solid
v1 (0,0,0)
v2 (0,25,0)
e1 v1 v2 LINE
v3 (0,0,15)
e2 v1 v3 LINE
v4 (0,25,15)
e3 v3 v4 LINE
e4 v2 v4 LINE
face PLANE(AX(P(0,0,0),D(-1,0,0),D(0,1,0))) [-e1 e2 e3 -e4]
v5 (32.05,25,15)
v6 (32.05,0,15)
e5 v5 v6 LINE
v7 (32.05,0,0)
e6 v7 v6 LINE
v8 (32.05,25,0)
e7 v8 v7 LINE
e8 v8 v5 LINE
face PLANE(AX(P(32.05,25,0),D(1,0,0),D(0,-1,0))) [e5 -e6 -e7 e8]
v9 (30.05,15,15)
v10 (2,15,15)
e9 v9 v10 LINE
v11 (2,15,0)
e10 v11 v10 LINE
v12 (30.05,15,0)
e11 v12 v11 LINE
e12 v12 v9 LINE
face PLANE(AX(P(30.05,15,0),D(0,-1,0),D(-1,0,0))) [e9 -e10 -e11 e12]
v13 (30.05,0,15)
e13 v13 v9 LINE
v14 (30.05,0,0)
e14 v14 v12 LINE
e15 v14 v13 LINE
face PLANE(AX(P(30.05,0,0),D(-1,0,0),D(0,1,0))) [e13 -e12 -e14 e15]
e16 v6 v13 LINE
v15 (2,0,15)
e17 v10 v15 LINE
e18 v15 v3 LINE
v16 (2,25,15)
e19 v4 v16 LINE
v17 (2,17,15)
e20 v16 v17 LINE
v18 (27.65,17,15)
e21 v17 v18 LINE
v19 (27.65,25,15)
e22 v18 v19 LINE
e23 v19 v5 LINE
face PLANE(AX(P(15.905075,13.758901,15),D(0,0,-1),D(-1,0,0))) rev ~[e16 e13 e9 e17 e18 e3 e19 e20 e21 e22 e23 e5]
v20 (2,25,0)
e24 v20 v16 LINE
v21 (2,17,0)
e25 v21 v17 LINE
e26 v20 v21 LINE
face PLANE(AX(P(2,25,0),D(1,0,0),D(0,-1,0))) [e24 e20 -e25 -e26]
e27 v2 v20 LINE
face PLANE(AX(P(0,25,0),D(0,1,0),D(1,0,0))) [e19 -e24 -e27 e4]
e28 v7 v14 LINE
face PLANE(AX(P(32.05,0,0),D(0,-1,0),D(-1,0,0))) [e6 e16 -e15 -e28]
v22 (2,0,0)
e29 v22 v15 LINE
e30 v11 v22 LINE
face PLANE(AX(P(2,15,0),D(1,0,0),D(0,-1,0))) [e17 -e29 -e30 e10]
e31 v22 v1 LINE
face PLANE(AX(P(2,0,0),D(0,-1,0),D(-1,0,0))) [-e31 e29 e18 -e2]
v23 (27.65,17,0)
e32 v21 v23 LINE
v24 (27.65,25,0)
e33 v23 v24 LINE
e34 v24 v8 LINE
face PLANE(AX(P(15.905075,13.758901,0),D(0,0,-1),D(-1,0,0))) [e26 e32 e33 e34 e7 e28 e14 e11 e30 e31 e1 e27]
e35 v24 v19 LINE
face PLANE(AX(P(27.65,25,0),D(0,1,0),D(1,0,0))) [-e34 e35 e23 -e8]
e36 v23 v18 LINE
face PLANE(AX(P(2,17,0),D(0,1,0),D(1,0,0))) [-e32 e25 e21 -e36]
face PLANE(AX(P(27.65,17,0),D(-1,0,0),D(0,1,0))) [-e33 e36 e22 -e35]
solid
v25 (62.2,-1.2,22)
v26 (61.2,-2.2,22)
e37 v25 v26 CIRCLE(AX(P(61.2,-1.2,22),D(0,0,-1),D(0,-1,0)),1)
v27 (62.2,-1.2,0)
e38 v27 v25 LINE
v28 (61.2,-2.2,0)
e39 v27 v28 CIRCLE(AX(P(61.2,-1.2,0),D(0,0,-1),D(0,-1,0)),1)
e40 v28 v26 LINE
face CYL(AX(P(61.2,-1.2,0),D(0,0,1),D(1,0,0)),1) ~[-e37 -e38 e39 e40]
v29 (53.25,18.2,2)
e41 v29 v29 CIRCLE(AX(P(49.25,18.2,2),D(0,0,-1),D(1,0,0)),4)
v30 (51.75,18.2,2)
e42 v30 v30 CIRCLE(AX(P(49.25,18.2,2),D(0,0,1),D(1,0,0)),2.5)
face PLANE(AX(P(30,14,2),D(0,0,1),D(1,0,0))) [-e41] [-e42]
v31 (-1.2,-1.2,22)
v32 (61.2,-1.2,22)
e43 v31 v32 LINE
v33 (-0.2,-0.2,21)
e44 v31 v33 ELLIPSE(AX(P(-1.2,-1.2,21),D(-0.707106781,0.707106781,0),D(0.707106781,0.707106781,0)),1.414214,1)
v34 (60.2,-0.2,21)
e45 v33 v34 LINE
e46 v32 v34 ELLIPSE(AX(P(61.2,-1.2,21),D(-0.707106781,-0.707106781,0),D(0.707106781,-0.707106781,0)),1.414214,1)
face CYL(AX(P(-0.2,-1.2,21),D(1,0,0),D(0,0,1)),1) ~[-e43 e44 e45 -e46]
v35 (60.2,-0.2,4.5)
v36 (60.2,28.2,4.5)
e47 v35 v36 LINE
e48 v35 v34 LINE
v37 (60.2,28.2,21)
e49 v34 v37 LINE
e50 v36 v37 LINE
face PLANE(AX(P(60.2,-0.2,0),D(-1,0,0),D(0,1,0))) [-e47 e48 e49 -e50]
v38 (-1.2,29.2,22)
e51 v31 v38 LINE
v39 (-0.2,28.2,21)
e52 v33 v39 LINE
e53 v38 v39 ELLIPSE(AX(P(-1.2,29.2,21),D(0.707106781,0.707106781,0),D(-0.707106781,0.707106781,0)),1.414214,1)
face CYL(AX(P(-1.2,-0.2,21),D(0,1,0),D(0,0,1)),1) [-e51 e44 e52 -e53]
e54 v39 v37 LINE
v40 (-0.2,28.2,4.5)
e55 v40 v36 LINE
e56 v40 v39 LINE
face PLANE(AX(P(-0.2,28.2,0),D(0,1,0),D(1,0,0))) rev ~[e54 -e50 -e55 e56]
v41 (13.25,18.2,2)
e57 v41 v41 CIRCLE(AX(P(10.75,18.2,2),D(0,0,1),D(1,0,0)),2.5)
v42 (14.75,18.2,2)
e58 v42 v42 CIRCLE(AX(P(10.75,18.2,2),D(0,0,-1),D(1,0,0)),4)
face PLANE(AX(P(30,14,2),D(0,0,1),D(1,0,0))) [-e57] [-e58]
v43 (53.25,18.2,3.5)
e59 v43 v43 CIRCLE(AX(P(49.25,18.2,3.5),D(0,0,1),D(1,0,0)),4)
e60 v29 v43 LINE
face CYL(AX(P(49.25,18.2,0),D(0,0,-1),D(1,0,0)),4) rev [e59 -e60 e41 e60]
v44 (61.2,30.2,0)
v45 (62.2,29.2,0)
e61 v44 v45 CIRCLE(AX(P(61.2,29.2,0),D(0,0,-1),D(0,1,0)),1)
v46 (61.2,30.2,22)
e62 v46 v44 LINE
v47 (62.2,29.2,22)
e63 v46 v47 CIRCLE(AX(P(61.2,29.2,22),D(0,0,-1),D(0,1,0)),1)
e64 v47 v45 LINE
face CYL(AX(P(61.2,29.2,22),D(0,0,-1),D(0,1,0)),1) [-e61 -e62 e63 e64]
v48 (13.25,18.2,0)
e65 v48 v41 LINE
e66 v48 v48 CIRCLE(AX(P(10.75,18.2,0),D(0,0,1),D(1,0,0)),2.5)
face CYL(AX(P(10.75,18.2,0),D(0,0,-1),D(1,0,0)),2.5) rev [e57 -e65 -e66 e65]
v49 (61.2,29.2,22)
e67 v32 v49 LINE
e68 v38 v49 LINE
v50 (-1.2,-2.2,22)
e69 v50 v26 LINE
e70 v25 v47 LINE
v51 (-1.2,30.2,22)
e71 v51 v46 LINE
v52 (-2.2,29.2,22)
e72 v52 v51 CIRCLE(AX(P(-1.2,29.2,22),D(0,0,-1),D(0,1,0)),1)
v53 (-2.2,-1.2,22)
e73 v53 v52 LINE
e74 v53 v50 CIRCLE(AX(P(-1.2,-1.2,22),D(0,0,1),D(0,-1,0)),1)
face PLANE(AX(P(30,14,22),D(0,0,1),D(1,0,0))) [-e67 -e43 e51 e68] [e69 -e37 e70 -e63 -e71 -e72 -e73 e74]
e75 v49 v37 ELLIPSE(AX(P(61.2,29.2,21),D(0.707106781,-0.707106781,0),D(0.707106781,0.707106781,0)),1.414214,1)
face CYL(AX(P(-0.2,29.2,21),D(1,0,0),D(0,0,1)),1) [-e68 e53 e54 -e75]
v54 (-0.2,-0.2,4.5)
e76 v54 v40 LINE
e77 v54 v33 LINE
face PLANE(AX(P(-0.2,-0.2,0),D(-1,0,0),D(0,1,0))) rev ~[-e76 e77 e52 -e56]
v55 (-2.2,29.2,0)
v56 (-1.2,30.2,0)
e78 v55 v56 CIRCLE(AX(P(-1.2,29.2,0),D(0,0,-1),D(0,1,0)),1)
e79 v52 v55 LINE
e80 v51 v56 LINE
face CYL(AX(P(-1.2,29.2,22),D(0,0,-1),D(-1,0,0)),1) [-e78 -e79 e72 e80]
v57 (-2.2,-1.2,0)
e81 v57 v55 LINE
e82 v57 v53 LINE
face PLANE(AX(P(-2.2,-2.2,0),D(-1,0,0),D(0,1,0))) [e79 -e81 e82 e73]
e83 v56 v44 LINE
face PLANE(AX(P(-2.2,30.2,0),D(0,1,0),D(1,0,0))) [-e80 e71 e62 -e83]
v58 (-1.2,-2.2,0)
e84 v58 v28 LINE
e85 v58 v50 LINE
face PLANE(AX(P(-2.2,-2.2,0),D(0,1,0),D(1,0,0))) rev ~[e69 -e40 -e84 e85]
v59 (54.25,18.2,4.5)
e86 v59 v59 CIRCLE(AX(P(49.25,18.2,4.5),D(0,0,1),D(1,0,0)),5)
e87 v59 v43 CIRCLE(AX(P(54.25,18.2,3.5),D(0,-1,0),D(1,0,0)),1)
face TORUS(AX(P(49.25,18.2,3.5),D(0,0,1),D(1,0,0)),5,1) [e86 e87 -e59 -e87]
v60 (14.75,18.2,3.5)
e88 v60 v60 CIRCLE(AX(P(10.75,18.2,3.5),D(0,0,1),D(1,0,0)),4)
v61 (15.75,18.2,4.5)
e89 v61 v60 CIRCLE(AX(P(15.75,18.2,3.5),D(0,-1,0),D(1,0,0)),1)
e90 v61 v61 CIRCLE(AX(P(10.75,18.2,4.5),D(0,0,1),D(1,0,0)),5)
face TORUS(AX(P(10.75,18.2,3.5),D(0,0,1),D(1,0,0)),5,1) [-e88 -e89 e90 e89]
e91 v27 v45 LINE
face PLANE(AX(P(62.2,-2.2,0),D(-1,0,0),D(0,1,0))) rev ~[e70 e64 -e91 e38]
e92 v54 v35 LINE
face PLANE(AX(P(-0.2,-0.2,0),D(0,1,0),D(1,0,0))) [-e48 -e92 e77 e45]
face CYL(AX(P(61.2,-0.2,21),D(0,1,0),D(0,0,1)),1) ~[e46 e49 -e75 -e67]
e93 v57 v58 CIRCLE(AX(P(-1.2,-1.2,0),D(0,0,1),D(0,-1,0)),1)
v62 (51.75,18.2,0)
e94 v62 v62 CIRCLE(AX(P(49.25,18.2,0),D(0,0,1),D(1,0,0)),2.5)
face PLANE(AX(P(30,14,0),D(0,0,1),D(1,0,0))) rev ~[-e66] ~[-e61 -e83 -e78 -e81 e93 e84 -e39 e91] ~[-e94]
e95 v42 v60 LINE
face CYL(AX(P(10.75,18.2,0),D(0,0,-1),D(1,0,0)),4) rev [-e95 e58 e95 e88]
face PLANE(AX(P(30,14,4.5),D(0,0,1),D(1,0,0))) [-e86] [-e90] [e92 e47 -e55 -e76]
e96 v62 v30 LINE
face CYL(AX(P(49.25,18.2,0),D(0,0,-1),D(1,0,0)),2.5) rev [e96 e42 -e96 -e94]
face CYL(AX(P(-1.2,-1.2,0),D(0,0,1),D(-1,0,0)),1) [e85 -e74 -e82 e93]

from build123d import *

# Parameters (mm, degrees)
SKETCH001_W   = 64.4
SKETCH001_H   = 32.4
SKETCH001_R   = 2.5
PAD_DEPTH     = 2
SKETCH002_W   = 64.4
SKETCH002_H   = 32.4
SKETCH002_W_2 = 60.4
SKETCH002_H_2 = 28.4
PAD001_DEPTH  = 22
SKETCH003_W   = 64.4
SKETCH003_H   = 32.4
SKETCH003_R   = 4
PAD002_DEPTH  = 4.5
FILLET_R      = 1
PAD003_DEPTH  = 15


with BuildPart() as body:
    # Sketch001 → Pad (new body)
    with BuildSketch(Plane.XY):
        with Locations((30, 14)):
            Rectangle(SKETCH001_W, SKETCH001_H)
        with Locations((49.25, 18.2)):
            Circle(SKETCH001_R, mode=Mode.SUBTRACT)
        with Locations((10.75, 18.2)):
            Circle(SKETCH001_R, mode=Mode.SUBTRACT)
    extrude(amount=PAD_DEPTH)

    # Sketch002 → Pad001 (join)
    with BuildSketch(Plane.XY):
        with Locations((30, 14)):
            Rectangle(SKETCH002_W, SKETCH002_H)
        with Locations((30, 14)):
            Rectangle(SKETCH002_W_2, SKETCH002_H_2, mode=Mode.SUBTRACT)
    extrude(amount=PAD001_DEPTH)

    # Sketch003 → Pad002 (join)
    with BuildSketch(Plane.XY):
        with Locations((30, 14)):
            Rectangle(SKETCH003_W, SKETCH003_H)
        with Locations((49.25, 18.2)):
            Circle(SKETCH003_R, mode=Mode.SUBTRACT)
        with Locations((10.75, 18.2)):
            Circle(SKETCH003_R, mode=Mode.SUBTRACT)
    extrude(amount=PAD002_DEPTH)

    # Fillet
    fillet_edges = [body.edges().sort_by_distance(p)[0] for p in [
        (-0.2, 14, 22),
        (30, -0.2, 22),
        (60.2, 14, 22),
        (30, 28.2, 22),
        (62.2, 30.2, 13.25),
        (62.2, -2.2, 13.25),
        (-2.2, -2.2, 13.25),
        (-2.2, 30.2, 13.25),
        (6.75, 18.2, 4.5),
        (45.25, 18.2, 4.5),
    ]]
    fillet(fillet_edges, radius=FILLET_R)


with BuildPart() as body001picoadapter:
    # Sketch004 → Pad003 (new body)
    with BuildSketch(Plane.XY):
        Polygon((0, 0), (0, 25), (2, 25), (2, 17), (27.65, 17), (27.65, 25), (32.05, 25), (32.05, 0), (30.05, 0), (30.05, 15), (2, 15), (2, 0), align=None)
    extrude(amount=PAD003_DEPTH)


solid = Compound([body.part, body001picoadapter.part])
